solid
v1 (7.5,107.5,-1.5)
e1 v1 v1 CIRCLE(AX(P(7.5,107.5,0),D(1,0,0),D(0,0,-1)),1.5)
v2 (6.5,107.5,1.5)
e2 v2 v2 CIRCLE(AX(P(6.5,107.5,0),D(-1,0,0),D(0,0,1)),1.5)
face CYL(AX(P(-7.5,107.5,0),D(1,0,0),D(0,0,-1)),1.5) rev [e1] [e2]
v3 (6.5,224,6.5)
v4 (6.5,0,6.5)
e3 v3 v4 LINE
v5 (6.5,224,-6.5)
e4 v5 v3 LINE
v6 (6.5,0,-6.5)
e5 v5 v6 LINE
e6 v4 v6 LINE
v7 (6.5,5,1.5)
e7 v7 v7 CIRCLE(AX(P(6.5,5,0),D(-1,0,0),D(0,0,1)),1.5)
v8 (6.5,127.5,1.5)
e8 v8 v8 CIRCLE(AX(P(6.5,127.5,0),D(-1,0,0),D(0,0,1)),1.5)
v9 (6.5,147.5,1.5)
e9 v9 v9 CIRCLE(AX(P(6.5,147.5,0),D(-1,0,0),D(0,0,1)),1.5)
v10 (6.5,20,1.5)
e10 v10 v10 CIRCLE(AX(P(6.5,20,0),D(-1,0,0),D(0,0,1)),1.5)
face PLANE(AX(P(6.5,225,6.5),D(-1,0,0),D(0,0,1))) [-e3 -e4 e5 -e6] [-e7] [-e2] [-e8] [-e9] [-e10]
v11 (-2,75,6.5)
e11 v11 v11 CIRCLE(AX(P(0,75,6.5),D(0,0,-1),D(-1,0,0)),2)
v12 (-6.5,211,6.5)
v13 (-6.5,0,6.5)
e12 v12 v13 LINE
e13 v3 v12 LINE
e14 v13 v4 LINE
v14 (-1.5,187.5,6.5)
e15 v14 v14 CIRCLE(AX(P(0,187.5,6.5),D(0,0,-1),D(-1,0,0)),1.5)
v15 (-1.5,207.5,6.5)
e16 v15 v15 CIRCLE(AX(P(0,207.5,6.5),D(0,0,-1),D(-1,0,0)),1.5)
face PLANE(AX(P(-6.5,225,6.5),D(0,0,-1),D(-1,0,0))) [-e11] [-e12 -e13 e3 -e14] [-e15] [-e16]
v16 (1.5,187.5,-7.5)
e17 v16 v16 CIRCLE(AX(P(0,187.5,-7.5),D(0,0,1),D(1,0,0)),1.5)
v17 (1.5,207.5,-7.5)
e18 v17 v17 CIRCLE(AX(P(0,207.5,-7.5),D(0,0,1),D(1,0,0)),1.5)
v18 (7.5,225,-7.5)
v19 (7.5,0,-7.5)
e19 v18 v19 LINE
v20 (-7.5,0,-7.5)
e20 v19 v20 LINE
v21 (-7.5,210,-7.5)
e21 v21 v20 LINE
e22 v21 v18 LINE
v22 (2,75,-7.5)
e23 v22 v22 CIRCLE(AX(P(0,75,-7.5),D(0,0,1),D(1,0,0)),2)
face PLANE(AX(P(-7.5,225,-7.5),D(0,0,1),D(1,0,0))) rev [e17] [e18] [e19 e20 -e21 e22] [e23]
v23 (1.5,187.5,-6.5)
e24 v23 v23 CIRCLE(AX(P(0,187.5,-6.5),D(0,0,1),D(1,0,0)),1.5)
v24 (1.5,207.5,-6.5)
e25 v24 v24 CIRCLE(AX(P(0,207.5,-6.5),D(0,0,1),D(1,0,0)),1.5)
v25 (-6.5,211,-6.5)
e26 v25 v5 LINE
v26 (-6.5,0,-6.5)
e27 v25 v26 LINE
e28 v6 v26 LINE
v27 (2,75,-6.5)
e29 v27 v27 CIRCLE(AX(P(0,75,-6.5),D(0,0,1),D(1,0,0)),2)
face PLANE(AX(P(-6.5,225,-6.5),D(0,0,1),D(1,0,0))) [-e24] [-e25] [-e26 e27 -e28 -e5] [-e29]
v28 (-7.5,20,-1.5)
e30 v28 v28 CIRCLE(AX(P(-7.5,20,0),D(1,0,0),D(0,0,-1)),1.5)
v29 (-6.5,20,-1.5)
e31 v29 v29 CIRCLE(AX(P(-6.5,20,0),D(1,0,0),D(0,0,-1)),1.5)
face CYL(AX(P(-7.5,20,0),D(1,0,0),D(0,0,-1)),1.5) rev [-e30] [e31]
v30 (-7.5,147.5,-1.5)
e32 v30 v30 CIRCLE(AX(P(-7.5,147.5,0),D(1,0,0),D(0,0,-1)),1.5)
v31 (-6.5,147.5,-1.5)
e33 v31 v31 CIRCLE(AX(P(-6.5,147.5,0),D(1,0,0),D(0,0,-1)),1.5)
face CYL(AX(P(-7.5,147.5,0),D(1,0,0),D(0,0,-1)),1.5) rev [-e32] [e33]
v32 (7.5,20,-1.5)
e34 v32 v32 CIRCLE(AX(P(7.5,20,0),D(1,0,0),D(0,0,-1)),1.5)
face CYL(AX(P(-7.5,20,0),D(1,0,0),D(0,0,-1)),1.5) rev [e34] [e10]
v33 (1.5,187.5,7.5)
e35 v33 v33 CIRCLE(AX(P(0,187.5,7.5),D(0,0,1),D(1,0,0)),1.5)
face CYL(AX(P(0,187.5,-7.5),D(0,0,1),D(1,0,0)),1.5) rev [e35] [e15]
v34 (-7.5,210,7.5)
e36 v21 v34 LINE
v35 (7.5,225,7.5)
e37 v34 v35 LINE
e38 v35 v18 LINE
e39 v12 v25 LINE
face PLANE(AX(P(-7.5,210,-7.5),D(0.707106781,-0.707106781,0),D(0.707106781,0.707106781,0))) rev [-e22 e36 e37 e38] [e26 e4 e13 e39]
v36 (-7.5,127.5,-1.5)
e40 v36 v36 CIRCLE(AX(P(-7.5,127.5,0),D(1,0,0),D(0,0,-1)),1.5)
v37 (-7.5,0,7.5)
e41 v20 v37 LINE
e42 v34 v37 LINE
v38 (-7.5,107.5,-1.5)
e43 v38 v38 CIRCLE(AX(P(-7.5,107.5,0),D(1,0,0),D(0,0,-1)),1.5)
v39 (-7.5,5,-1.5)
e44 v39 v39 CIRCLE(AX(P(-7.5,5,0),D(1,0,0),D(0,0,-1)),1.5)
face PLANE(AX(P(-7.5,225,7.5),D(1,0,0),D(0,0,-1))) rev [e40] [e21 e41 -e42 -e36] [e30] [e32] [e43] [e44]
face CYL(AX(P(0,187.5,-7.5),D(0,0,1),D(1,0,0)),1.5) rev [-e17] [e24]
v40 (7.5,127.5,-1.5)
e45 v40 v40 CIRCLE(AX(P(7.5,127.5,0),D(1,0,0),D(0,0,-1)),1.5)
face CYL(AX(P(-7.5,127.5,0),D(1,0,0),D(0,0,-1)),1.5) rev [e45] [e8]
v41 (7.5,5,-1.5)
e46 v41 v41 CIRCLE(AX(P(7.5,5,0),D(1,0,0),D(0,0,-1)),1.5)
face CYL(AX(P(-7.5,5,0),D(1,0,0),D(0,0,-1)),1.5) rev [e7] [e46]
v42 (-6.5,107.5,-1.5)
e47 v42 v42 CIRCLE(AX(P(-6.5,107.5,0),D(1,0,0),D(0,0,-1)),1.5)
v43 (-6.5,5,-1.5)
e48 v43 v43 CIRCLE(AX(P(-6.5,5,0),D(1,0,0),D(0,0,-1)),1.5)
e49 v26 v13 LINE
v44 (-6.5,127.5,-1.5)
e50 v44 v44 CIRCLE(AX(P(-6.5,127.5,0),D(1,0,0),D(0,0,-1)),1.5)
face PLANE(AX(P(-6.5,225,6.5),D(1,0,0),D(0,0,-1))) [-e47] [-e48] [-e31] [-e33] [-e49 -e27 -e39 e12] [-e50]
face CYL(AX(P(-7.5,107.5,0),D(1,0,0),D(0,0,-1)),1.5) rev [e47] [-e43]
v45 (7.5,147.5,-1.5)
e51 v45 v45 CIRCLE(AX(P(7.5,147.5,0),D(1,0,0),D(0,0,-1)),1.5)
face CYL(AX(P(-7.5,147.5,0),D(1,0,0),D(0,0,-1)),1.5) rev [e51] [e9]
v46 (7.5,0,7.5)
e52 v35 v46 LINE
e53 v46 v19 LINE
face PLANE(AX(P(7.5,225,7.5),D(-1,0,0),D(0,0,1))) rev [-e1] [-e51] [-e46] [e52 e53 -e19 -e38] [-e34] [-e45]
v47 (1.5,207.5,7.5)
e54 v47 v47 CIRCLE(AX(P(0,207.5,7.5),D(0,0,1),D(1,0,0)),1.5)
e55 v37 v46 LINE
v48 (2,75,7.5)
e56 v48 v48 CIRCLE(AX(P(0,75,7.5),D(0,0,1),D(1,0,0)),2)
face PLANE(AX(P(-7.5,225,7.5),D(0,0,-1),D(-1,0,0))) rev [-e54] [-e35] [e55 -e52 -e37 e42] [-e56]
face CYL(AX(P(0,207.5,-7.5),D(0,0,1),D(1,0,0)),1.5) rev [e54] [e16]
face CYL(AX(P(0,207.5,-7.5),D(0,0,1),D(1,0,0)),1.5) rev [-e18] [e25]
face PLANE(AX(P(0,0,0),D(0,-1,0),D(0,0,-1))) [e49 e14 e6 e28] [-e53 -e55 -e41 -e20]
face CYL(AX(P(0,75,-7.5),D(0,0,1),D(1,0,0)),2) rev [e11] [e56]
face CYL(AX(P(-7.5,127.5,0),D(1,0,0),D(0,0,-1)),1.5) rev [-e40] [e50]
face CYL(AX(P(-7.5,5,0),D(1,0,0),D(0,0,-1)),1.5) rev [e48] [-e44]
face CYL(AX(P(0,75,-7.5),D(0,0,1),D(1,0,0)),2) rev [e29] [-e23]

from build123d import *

# Parameters (mm, degrees)
SKETCH_1_W          = 15
SKETCH_1_H          = 15
SKETCH_1_W_2        = 13
SKETCH_1_H_2        = 13
EXTRUDE_1_DEPTH     = 225
SKETCH_2_R          = 1.5
SKETCH_2_R_2        = 2
CUT_EXTRUDE_1_DEPTH = 226.624134347
SKETCH_3_R          = 1.5
CUT_EXTRUDE_2_DEPTH = 226.624134347


with BuildPart() as part:
    # 草图1 → 凸台-拉伸1 (new body)
    with BuildSketch(Plane(origin=(0, 0, 0), x_dir=(1, 0, 0), z_dir=(0, 1, 0))):
        Rectangle(SKETCH_1_W, SKETCH_1_H)
        Rectangle(SKETCH_1_W_2, SKETCH_1_H_2, mode=Mode.SUBTRACT)
    extrude(amount=EXTRUDE_1_DEPTH)

    # 草图2 → 切除-拉伸1 (cut, through all)
    with BuildSketch(Plane.XY.offset(7.5)):
        with Locations((0, 207.5)):
            Circle(SKETCH_2_R)
        with Locations((0, 187.5)):
            Circle(SKETCH_2_R)
        with Locations((0, 75)):
            Circle(SKETCH_2_R_2)
        Polygon((7.5, 225), (-7.5, 225), (-7.5, 210), align=None)
    extrude(amount=-CUT_EXTRUDE_1_DEPTH, mode=Mode.SUBTRACT)

    # 草图3 → 切除-拉伸2 (cut, through all)
    with BuildSketch(Plane(origin=(7.5, 0, 0), x_dir=(0, 0, -1), z_dir=(1, 0, 0))):
        with Locations((0, 5)):
            Circle(SKETCH_3_R)
        with Locations((0, 20)):
            Circle(SKETCH_3_R)
        with Locations((0, 127.5)):
            Circle(SKETCH_3_R)
        with Locations((0, 147.5)):
            Circle(SKETCH_3_R)
        with Locations((0, 107.5)):
            Circle(SKETCH_3_R)
    extrude(amount=-CUT_EXTRUDE_2_DEPTH, mode=Mode.SUBTRACT)


solid = part.part
